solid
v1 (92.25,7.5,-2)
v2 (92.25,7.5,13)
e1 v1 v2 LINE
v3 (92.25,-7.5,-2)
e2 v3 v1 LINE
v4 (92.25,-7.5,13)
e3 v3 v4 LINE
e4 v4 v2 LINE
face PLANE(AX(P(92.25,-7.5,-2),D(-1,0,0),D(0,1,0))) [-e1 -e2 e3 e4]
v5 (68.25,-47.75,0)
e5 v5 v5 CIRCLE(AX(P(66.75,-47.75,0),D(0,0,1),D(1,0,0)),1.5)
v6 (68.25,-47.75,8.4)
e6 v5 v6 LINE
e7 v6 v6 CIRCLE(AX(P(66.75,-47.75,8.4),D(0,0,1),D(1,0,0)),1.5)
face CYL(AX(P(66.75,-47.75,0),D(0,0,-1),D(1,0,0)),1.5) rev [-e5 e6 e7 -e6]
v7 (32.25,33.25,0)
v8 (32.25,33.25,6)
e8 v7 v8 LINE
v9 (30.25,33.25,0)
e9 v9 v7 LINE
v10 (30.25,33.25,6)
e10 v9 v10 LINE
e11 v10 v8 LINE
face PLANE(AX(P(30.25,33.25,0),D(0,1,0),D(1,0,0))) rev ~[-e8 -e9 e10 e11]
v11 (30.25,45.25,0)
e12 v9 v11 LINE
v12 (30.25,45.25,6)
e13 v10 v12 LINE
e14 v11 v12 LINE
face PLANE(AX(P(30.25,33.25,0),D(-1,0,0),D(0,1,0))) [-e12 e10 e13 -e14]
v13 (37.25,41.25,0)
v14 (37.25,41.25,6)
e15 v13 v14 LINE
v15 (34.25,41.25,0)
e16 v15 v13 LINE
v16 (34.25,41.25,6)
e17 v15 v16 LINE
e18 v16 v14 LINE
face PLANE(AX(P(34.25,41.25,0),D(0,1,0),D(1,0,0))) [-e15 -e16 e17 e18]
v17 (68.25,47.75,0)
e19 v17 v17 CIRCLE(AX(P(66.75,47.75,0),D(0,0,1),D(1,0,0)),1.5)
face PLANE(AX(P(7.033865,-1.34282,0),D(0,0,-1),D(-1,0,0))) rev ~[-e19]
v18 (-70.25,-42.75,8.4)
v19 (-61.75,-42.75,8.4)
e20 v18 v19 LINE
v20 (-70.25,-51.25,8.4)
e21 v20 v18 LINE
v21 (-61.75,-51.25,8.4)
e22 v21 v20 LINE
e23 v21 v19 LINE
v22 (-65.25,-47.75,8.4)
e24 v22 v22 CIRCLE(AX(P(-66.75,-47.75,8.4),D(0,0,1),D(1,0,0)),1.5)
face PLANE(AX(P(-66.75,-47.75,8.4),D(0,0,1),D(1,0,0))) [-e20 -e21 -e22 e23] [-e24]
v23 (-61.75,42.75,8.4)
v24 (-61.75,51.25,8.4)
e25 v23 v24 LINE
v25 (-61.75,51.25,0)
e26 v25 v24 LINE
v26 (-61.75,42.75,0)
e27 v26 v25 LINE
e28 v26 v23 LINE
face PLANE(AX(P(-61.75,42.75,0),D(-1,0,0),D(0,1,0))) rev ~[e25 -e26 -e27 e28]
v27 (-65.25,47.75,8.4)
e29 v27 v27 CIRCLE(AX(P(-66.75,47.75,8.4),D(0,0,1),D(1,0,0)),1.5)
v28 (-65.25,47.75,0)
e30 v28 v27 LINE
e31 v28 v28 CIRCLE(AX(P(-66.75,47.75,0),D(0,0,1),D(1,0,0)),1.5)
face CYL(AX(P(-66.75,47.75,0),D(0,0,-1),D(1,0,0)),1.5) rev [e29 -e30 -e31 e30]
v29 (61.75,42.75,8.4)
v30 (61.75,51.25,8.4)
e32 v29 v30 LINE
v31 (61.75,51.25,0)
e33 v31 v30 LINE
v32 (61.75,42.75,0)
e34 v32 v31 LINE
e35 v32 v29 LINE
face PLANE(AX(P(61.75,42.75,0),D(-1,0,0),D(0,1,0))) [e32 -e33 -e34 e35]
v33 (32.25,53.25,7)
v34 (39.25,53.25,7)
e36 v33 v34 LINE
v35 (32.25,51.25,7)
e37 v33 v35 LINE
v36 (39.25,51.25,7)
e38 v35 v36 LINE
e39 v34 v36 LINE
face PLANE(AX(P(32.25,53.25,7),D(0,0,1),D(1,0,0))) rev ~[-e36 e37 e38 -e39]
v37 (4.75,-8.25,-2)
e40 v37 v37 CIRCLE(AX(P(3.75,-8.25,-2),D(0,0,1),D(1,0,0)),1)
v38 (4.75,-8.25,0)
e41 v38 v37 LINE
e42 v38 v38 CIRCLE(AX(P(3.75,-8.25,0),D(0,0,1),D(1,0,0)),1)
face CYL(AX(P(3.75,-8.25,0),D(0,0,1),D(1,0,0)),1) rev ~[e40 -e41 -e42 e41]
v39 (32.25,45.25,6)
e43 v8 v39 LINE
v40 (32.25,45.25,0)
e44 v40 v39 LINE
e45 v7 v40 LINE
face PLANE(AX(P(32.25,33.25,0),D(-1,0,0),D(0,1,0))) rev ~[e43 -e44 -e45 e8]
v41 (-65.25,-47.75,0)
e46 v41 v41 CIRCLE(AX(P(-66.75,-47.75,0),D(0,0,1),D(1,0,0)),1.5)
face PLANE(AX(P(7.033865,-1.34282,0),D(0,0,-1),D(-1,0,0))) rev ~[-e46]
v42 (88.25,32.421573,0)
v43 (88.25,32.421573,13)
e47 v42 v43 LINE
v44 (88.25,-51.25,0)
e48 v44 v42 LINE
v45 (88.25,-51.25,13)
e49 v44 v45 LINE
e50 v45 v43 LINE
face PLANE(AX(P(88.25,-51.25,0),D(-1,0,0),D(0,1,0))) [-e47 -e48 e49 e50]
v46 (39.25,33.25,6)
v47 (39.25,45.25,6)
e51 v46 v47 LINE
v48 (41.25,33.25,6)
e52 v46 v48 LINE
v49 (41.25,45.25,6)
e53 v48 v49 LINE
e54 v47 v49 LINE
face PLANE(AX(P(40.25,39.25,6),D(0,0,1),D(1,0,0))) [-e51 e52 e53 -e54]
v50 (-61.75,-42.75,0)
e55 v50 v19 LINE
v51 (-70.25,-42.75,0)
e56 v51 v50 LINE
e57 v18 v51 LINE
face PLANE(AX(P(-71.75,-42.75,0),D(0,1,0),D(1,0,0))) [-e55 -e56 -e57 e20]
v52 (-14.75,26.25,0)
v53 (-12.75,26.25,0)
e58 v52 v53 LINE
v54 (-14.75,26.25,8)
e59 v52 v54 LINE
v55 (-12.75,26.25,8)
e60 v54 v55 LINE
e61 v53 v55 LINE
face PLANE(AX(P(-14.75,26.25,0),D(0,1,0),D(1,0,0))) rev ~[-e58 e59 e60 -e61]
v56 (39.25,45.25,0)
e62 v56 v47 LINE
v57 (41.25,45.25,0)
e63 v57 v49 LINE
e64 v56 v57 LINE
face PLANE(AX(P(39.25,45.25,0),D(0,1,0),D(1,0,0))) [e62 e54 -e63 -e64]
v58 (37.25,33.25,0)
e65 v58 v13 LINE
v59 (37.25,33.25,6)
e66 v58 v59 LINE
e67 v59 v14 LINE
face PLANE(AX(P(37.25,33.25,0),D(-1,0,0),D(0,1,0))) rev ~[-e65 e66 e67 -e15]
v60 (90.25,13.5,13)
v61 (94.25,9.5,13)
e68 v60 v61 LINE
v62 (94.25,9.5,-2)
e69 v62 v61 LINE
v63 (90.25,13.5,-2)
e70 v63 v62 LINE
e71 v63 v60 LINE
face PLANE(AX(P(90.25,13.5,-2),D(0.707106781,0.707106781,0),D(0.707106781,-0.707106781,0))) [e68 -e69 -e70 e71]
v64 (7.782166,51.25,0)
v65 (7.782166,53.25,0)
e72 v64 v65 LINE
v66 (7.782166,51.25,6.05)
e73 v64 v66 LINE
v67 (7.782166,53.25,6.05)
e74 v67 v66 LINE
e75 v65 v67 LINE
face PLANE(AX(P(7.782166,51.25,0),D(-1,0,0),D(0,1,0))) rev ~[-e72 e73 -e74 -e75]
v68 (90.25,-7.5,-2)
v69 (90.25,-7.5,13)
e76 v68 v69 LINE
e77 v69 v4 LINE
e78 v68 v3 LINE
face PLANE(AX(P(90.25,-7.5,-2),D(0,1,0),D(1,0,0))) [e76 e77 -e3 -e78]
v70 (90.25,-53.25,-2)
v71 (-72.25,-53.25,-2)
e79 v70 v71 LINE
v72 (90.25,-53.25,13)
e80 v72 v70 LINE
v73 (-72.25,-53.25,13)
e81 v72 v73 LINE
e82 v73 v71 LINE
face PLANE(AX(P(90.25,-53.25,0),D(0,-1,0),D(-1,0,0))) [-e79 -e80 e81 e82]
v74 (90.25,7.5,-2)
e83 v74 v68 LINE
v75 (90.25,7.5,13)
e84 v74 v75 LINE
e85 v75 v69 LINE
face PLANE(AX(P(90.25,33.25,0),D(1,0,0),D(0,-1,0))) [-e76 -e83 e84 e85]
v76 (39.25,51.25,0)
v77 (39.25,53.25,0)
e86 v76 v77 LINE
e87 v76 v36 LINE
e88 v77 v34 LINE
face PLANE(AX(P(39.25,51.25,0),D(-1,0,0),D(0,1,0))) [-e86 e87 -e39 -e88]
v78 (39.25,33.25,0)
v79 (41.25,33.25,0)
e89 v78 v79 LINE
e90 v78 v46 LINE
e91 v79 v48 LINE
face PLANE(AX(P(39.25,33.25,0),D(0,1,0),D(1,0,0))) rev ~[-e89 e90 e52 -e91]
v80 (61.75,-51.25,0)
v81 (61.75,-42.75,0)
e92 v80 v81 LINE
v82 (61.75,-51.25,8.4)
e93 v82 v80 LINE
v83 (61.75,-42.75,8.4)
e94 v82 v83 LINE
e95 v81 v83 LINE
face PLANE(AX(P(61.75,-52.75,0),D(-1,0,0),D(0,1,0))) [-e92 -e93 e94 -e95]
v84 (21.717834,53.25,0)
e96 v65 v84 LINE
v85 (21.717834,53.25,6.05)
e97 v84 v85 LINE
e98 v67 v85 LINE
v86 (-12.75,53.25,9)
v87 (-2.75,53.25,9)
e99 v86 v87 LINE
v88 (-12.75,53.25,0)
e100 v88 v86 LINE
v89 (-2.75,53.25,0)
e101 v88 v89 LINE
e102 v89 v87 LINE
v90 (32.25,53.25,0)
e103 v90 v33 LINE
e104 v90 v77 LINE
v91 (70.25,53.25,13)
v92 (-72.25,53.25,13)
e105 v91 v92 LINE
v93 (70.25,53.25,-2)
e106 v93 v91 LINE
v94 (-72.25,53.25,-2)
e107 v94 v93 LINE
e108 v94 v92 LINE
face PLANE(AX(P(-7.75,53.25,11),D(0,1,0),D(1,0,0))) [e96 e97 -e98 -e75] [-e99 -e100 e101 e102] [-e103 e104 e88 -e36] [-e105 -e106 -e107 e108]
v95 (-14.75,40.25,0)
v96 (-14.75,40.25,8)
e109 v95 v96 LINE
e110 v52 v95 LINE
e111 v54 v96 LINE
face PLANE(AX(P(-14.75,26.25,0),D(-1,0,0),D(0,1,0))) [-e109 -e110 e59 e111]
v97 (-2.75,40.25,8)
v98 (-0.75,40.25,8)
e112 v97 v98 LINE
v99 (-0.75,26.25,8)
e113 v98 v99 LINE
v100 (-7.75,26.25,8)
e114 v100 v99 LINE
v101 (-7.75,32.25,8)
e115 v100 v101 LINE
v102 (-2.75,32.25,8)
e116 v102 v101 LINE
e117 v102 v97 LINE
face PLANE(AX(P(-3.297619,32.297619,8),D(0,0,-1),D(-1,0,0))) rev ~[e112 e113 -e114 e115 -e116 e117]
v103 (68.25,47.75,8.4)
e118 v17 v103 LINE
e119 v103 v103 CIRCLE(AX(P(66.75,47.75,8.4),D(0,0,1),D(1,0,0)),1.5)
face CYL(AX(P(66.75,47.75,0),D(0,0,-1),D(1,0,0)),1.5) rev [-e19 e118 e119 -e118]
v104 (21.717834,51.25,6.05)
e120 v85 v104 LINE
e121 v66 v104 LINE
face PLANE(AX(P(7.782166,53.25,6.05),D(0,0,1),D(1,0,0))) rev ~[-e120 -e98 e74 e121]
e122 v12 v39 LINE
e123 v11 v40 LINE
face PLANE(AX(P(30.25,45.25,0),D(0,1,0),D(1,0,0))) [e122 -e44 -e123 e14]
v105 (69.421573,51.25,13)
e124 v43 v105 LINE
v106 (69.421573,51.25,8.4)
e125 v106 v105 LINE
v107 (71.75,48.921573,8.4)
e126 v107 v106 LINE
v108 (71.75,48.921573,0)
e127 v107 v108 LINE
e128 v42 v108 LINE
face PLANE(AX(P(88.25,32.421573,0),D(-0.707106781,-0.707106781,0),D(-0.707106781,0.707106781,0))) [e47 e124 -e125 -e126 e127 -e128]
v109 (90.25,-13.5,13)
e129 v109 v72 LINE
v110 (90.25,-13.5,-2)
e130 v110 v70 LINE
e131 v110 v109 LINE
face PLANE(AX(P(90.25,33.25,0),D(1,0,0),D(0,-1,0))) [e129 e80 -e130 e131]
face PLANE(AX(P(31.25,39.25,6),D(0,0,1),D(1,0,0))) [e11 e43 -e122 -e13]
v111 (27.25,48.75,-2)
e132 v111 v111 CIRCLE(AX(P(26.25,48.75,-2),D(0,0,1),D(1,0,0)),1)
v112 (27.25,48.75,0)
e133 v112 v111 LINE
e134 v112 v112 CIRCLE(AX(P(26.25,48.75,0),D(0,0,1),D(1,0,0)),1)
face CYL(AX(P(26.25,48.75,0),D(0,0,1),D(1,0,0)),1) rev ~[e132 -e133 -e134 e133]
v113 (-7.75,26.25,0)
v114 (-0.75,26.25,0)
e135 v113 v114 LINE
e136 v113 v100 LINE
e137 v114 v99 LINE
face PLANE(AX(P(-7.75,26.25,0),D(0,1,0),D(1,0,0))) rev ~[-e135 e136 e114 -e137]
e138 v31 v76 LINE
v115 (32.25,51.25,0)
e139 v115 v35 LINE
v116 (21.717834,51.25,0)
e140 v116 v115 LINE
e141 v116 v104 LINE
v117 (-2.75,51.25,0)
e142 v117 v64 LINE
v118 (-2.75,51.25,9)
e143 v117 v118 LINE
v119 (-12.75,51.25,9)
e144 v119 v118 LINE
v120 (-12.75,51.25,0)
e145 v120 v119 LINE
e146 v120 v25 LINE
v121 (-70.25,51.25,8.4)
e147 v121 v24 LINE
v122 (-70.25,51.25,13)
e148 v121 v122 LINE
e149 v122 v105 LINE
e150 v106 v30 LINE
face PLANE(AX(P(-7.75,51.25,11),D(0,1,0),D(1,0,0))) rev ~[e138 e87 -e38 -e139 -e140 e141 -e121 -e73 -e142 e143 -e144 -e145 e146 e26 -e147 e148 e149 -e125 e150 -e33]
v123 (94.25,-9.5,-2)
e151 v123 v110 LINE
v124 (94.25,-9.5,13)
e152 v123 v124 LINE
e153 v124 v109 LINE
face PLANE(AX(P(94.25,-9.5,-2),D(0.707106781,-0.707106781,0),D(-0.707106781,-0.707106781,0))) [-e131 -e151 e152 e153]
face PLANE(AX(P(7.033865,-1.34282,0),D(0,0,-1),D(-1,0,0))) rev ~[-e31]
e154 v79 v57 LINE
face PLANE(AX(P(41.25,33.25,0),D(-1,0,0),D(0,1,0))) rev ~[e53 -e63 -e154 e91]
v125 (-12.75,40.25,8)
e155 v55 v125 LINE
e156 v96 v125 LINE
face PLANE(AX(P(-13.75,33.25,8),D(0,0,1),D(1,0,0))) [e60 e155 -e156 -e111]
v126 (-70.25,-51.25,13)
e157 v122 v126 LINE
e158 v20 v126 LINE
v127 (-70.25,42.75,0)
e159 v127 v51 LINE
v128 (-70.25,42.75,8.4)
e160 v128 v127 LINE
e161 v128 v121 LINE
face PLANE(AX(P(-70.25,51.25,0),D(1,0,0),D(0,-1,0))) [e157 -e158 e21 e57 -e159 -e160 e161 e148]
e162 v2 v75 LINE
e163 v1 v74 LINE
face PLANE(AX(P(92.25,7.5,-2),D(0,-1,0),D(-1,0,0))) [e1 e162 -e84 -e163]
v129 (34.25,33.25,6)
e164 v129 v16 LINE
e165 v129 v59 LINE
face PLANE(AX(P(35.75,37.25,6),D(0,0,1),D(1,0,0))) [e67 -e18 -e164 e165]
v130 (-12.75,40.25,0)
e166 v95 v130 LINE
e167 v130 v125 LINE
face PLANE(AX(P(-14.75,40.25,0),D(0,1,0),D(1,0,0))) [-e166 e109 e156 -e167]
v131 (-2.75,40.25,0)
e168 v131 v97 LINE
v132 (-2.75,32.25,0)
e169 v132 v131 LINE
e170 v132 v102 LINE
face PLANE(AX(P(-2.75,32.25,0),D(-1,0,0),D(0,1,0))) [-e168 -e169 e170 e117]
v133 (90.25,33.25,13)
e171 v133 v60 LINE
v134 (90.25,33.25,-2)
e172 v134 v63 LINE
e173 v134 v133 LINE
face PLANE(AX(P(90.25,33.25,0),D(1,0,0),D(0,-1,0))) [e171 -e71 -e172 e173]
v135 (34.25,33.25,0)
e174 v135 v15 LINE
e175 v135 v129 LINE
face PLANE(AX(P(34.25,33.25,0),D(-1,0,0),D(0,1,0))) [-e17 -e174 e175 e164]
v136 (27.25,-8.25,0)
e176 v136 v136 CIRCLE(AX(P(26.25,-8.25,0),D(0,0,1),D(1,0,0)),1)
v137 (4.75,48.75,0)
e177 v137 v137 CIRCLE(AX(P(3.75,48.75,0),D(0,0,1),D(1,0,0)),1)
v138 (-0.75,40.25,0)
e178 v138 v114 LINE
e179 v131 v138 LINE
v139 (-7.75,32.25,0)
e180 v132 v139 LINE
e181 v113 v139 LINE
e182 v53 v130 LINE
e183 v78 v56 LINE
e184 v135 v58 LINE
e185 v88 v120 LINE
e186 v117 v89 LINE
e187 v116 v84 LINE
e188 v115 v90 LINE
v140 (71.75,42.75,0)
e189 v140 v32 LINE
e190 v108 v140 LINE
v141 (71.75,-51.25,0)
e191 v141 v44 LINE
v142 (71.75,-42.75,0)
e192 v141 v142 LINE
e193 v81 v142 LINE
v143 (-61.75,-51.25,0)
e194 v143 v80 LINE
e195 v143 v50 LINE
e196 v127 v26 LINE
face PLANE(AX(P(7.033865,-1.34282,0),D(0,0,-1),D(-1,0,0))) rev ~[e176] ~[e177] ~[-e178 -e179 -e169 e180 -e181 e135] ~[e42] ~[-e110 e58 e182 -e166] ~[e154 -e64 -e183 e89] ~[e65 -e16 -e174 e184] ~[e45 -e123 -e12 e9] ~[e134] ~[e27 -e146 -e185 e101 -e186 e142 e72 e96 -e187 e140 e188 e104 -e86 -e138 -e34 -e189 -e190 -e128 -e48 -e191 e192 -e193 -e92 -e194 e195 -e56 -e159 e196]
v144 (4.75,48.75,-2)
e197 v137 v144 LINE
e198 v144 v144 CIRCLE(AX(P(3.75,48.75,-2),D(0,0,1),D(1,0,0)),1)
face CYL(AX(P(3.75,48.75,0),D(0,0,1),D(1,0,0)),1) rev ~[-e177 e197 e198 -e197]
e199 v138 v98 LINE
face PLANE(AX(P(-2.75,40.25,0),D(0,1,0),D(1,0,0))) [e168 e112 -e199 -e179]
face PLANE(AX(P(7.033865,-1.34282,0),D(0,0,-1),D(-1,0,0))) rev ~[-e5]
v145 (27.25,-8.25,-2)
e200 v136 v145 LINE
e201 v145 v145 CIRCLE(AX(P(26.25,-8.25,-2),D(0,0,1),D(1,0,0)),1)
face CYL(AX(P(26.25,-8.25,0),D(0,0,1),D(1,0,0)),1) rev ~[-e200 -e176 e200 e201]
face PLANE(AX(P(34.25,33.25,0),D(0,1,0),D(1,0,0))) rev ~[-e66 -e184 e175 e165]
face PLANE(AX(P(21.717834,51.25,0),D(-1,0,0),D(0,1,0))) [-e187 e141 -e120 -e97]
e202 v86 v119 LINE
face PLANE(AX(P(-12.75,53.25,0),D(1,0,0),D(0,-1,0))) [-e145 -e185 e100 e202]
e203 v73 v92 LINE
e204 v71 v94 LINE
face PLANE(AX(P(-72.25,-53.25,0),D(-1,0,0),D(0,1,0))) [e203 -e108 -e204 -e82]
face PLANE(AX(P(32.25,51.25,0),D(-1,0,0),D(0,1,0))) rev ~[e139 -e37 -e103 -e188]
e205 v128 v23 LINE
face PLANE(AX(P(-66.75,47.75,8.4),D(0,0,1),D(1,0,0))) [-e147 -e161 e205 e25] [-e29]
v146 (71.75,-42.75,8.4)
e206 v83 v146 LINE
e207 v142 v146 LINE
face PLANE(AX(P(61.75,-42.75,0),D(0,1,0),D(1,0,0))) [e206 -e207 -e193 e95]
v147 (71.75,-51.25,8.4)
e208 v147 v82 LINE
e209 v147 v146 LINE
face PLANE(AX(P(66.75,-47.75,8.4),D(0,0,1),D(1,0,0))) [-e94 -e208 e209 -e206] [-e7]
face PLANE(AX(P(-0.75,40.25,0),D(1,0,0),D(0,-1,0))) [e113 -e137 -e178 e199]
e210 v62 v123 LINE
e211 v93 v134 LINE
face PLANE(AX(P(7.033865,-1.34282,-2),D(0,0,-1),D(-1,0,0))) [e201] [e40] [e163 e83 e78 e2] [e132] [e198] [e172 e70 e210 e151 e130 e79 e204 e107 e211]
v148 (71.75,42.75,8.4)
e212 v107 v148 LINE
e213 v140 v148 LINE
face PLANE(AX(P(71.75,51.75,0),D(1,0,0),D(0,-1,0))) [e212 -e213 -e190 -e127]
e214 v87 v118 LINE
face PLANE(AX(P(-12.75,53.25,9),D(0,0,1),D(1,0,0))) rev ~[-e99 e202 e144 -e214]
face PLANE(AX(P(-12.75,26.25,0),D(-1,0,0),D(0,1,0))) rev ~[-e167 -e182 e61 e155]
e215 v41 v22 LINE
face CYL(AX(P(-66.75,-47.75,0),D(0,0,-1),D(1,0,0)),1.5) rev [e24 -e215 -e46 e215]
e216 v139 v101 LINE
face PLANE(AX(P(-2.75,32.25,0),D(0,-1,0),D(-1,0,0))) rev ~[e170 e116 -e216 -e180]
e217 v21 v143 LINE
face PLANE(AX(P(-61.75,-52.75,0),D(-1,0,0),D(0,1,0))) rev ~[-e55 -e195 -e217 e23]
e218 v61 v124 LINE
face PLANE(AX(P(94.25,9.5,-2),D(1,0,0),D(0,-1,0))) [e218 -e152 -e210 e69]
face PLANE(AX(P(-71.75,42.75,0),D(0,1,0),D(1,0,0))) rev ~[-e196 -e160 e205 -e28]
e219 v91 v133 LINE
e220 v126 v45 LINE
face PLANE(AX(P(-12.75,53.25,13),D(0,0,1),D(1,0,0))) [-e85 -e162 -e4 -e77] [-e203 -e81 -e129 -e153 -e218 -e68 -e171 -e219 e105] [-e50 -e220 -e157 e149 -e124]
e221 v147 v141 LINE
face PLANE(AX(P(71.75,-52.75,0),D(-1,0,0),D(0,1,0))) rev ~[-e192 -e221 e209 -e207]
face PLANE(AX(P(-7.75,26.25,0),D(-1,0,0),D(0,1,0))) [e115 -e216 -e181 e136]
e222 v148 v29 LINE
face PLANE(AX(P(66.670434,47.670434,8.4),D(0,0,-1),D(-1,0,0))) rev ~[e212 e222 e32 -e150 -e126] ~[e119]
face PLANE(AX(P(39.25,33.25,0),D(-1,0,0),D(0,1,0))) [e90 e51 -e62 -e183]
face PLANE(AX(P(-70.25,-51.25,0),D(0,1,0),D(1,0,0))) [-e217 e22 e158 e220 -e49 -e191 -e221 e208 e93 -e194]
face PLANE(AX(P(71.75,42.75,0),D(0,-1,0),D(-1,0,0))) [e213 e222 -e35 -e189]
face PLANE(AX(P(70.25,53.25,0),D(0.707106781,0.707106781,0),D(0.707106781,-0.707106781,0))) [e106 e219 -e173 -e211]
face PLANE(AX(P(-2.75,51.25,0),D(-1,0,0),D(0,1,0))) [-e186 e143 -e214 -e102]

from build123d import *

# Parameters (mm, degrees)
SKETCH1_R           = 1
BOSS_EXTRUDE1_DEPTH = 2
SKETCH3_R           = 1.5
SKETCH3_W           = 10
SKETCH3_H           = 10
BOSS_EXTRUDE2_DEPTH = 8.4
SKETCH5_W           = 10.532166359
SKETCH5_H           = 2
BOSS_EXTRUDE3_DEPTH = 13
SKETCH6_W           = 10
SKETCH6_H           = 4
SKETCH6_W_2         = 13.935667282
SKETCH6_H_2         = 6.95
SKETCH6_W_3         = 7
SKETCH6_H_3         = 6
BOSS_EXTRUDE4_DEPTH = 2
SKETCH7_W           = 3
SKETCH7_H           = 8
SKETCH7_W_2         = 2
SKETCH7_H_2         = 12
BOSS_EXTRUDE5_DEPTH = 6
SKETCH8_W           = 2
SKETCH8_H           = 14
BOSS_EXTRUDE6_DEPTH = 8
BOSS_EXTRUDE7_DEPTH = 15


with BuildPart() as part:
    # Sketch1 → Boss-Extrude1 (new body)
    with BuildSketch(Plane.XY):
        Polygon((90.25, -53.25), (-72.25, -53.25), (-72.25, 53.25), (70.25, 53.25), (90.25, 33.25), align=None)
        with Locations((3.75, -8.25)):
            Circle(SKETCH1_R, mode=Mode.SUBTRACT)
        with Locations((26.25, -8.25)):
            Circle(SKETCH1_R, mode=Mode.SUBTRACT)
        with Locations((26.25, 48.75)):
            Circle(SKETCH1_R, mode=Mode.SUBTRACT)
        with Locations((3.75, 48.75)):
            Circle(SKETCH1_R, mode=Mode.SUBTRACT)
    extrude(amount=-BOSS_EXTRUDE1_DEPTH)

    # Sketch3 → Boss-Extrude2 (add)
    # profile 1 of 4: a face of its own
    with BuildSketch(Plane.XY):
        Polygon((61.75, 52.75), (70.75, 52.75), (71.75, 51.75), (71.75, 42.75), (61.75, 42.75), align=None)
        with Locations((66.75, 47.75)):
            Circle(SKETCH3_R, mode=Mode.SUBTRACT)
    # profile 2 of 4: a face of its own
    with BuildSketch(Plane.XY):
        with Locations((66.75, -47.75)):
            Rectangle(SKETCH3_W, SKETCH3_H)
        with Locations((66.75, -47.75)):
            Circle(SKETCH3_R, mode=Mode.SUBTRACT)
    # profile 3 of 4: a face of its own
    with BuildSketch(Plane.XY):
        with Locations((-66.75, 47.75)):
            Rectangle(SKETCH3_W, SKETCH3_H)
        with Locations((-66.75, 47.75)):
            Circle(SKETCH3_R, mode=Mode.SUBTRACT)
    # profile 4 of 4: a face of its own
    with BuildSketch(Plane.XY):
        with Locations((-66.75, -47.75)):
            Rectangle(SKETCH3_W, SKETCH3_H)
        with Locations((-66.75, -47.75)):
            Circle(SKETCH3_R, mode=Mode.SUBTRACT)
    extrude(amount=BOSS_EXTRUDE2_DEPTH)

    # Sketch5 → Boss-Extrude3 (add)
    with BuildSketch(Plane.XY):
        Polygon((90.25, 33.25), (90.25, -53.25), (-72.25, -53.25), (-72.25, 53.25), (-12.75, 53.25), (-12.75, 51.25), (-70.25, 51.25), (-70.25, -51.25), (88.25, -51.25), (88.25, 32.421572875), (69.421572875, 51.25), (39.25, 51.25), (39.25, 53.25), (70.25, 53.25), align=None)
        with Locations((2.51608318, 52.25)):
            Rectangle(SKETCH5_W, SKETCH5_H)
        with Locations((26.98391682, 52.25)):
            Rectangle(SKETCH5_W, SKETCH5_H)
    extrude(amount=BOSS_EXTRUDE3_DEPTH)

    # Sketch6 → Boss-Extrude4 (add)
    with BuildSketch(Plane(origin=(0, 53.25, 0), x_dir=(1, 0, 0), z_dir=(0, 1, 0))):
        with Locations((-7.75, -11)):
            Rectangle(SKETCH6_W, SKETCH6_H)
        with Locations((14.75, -9.525)):
            Rectangle(SKETCH6_W_2, SKETCH6_H_2)
        with Locations((35.75, -10)):
            Rectangle(SKETCH6_W_3, SKETCH6_H_3)
    extrude(amount=-BOSS_EXTRUDE4_DEPTH)

    # Sketch7 → Boss-Extrude5 (add)
    with BuildSketch(Plane.XY):
        with Locations((35.75, 37.25)):
            Rectangle(SKETCH7_W, SKETCH7_H)
        with Locations((31.25, 39.25)):
            Rectangle(SKETCH7_W_2, SKETCH7_H_2)
        with Locations((40.25, 39.25)):
            Rectangle(SKETCH7_W_2, SKETCH7_H_2)
    extrude(amount=BOSS_EXTRUDE5_DEPTH)

    # Sketch8 → Boss-Extrude6 (add)
    with BuildSketch(Plane.XY):
        with Locations((-13.75, 33.25)):
            Rectangle(SKETCH8_W, SKETCH8_H)
        Polygon((-7.75, 26.25), (-7.75, 32.25), (-3.75, 32.25), (-2.75, 32.25), (-2.75, 40.25), (-0.75, 40.25), (-0.75, 26.25), (-2.75, 26.25), align=None)
    extrude(amount=BOSS_EXTRUDE6_DEPTH)

    # Sketch9 → Boss-Extrude7 (add)
    with BuildSketch(Plane(origin=(0, 0, -2), x_dir=(-1, 0, 0), z_dir=(0, 0, -1))):
        Polygon((-92.25, 7.5), (-90.25, 7.5), (-90.25, 9.5), (-90.25, 13.5), (-94.25, 9.5), (-94.25, -9.5), (-90.25, -13.5), (-90.25, -9.5), (-90.25, -7.5), (-92.25, -7.5), align=None)
    extrude(amount=-BOSS_EXTRUDE7_DEPTH)


solid = part.part
